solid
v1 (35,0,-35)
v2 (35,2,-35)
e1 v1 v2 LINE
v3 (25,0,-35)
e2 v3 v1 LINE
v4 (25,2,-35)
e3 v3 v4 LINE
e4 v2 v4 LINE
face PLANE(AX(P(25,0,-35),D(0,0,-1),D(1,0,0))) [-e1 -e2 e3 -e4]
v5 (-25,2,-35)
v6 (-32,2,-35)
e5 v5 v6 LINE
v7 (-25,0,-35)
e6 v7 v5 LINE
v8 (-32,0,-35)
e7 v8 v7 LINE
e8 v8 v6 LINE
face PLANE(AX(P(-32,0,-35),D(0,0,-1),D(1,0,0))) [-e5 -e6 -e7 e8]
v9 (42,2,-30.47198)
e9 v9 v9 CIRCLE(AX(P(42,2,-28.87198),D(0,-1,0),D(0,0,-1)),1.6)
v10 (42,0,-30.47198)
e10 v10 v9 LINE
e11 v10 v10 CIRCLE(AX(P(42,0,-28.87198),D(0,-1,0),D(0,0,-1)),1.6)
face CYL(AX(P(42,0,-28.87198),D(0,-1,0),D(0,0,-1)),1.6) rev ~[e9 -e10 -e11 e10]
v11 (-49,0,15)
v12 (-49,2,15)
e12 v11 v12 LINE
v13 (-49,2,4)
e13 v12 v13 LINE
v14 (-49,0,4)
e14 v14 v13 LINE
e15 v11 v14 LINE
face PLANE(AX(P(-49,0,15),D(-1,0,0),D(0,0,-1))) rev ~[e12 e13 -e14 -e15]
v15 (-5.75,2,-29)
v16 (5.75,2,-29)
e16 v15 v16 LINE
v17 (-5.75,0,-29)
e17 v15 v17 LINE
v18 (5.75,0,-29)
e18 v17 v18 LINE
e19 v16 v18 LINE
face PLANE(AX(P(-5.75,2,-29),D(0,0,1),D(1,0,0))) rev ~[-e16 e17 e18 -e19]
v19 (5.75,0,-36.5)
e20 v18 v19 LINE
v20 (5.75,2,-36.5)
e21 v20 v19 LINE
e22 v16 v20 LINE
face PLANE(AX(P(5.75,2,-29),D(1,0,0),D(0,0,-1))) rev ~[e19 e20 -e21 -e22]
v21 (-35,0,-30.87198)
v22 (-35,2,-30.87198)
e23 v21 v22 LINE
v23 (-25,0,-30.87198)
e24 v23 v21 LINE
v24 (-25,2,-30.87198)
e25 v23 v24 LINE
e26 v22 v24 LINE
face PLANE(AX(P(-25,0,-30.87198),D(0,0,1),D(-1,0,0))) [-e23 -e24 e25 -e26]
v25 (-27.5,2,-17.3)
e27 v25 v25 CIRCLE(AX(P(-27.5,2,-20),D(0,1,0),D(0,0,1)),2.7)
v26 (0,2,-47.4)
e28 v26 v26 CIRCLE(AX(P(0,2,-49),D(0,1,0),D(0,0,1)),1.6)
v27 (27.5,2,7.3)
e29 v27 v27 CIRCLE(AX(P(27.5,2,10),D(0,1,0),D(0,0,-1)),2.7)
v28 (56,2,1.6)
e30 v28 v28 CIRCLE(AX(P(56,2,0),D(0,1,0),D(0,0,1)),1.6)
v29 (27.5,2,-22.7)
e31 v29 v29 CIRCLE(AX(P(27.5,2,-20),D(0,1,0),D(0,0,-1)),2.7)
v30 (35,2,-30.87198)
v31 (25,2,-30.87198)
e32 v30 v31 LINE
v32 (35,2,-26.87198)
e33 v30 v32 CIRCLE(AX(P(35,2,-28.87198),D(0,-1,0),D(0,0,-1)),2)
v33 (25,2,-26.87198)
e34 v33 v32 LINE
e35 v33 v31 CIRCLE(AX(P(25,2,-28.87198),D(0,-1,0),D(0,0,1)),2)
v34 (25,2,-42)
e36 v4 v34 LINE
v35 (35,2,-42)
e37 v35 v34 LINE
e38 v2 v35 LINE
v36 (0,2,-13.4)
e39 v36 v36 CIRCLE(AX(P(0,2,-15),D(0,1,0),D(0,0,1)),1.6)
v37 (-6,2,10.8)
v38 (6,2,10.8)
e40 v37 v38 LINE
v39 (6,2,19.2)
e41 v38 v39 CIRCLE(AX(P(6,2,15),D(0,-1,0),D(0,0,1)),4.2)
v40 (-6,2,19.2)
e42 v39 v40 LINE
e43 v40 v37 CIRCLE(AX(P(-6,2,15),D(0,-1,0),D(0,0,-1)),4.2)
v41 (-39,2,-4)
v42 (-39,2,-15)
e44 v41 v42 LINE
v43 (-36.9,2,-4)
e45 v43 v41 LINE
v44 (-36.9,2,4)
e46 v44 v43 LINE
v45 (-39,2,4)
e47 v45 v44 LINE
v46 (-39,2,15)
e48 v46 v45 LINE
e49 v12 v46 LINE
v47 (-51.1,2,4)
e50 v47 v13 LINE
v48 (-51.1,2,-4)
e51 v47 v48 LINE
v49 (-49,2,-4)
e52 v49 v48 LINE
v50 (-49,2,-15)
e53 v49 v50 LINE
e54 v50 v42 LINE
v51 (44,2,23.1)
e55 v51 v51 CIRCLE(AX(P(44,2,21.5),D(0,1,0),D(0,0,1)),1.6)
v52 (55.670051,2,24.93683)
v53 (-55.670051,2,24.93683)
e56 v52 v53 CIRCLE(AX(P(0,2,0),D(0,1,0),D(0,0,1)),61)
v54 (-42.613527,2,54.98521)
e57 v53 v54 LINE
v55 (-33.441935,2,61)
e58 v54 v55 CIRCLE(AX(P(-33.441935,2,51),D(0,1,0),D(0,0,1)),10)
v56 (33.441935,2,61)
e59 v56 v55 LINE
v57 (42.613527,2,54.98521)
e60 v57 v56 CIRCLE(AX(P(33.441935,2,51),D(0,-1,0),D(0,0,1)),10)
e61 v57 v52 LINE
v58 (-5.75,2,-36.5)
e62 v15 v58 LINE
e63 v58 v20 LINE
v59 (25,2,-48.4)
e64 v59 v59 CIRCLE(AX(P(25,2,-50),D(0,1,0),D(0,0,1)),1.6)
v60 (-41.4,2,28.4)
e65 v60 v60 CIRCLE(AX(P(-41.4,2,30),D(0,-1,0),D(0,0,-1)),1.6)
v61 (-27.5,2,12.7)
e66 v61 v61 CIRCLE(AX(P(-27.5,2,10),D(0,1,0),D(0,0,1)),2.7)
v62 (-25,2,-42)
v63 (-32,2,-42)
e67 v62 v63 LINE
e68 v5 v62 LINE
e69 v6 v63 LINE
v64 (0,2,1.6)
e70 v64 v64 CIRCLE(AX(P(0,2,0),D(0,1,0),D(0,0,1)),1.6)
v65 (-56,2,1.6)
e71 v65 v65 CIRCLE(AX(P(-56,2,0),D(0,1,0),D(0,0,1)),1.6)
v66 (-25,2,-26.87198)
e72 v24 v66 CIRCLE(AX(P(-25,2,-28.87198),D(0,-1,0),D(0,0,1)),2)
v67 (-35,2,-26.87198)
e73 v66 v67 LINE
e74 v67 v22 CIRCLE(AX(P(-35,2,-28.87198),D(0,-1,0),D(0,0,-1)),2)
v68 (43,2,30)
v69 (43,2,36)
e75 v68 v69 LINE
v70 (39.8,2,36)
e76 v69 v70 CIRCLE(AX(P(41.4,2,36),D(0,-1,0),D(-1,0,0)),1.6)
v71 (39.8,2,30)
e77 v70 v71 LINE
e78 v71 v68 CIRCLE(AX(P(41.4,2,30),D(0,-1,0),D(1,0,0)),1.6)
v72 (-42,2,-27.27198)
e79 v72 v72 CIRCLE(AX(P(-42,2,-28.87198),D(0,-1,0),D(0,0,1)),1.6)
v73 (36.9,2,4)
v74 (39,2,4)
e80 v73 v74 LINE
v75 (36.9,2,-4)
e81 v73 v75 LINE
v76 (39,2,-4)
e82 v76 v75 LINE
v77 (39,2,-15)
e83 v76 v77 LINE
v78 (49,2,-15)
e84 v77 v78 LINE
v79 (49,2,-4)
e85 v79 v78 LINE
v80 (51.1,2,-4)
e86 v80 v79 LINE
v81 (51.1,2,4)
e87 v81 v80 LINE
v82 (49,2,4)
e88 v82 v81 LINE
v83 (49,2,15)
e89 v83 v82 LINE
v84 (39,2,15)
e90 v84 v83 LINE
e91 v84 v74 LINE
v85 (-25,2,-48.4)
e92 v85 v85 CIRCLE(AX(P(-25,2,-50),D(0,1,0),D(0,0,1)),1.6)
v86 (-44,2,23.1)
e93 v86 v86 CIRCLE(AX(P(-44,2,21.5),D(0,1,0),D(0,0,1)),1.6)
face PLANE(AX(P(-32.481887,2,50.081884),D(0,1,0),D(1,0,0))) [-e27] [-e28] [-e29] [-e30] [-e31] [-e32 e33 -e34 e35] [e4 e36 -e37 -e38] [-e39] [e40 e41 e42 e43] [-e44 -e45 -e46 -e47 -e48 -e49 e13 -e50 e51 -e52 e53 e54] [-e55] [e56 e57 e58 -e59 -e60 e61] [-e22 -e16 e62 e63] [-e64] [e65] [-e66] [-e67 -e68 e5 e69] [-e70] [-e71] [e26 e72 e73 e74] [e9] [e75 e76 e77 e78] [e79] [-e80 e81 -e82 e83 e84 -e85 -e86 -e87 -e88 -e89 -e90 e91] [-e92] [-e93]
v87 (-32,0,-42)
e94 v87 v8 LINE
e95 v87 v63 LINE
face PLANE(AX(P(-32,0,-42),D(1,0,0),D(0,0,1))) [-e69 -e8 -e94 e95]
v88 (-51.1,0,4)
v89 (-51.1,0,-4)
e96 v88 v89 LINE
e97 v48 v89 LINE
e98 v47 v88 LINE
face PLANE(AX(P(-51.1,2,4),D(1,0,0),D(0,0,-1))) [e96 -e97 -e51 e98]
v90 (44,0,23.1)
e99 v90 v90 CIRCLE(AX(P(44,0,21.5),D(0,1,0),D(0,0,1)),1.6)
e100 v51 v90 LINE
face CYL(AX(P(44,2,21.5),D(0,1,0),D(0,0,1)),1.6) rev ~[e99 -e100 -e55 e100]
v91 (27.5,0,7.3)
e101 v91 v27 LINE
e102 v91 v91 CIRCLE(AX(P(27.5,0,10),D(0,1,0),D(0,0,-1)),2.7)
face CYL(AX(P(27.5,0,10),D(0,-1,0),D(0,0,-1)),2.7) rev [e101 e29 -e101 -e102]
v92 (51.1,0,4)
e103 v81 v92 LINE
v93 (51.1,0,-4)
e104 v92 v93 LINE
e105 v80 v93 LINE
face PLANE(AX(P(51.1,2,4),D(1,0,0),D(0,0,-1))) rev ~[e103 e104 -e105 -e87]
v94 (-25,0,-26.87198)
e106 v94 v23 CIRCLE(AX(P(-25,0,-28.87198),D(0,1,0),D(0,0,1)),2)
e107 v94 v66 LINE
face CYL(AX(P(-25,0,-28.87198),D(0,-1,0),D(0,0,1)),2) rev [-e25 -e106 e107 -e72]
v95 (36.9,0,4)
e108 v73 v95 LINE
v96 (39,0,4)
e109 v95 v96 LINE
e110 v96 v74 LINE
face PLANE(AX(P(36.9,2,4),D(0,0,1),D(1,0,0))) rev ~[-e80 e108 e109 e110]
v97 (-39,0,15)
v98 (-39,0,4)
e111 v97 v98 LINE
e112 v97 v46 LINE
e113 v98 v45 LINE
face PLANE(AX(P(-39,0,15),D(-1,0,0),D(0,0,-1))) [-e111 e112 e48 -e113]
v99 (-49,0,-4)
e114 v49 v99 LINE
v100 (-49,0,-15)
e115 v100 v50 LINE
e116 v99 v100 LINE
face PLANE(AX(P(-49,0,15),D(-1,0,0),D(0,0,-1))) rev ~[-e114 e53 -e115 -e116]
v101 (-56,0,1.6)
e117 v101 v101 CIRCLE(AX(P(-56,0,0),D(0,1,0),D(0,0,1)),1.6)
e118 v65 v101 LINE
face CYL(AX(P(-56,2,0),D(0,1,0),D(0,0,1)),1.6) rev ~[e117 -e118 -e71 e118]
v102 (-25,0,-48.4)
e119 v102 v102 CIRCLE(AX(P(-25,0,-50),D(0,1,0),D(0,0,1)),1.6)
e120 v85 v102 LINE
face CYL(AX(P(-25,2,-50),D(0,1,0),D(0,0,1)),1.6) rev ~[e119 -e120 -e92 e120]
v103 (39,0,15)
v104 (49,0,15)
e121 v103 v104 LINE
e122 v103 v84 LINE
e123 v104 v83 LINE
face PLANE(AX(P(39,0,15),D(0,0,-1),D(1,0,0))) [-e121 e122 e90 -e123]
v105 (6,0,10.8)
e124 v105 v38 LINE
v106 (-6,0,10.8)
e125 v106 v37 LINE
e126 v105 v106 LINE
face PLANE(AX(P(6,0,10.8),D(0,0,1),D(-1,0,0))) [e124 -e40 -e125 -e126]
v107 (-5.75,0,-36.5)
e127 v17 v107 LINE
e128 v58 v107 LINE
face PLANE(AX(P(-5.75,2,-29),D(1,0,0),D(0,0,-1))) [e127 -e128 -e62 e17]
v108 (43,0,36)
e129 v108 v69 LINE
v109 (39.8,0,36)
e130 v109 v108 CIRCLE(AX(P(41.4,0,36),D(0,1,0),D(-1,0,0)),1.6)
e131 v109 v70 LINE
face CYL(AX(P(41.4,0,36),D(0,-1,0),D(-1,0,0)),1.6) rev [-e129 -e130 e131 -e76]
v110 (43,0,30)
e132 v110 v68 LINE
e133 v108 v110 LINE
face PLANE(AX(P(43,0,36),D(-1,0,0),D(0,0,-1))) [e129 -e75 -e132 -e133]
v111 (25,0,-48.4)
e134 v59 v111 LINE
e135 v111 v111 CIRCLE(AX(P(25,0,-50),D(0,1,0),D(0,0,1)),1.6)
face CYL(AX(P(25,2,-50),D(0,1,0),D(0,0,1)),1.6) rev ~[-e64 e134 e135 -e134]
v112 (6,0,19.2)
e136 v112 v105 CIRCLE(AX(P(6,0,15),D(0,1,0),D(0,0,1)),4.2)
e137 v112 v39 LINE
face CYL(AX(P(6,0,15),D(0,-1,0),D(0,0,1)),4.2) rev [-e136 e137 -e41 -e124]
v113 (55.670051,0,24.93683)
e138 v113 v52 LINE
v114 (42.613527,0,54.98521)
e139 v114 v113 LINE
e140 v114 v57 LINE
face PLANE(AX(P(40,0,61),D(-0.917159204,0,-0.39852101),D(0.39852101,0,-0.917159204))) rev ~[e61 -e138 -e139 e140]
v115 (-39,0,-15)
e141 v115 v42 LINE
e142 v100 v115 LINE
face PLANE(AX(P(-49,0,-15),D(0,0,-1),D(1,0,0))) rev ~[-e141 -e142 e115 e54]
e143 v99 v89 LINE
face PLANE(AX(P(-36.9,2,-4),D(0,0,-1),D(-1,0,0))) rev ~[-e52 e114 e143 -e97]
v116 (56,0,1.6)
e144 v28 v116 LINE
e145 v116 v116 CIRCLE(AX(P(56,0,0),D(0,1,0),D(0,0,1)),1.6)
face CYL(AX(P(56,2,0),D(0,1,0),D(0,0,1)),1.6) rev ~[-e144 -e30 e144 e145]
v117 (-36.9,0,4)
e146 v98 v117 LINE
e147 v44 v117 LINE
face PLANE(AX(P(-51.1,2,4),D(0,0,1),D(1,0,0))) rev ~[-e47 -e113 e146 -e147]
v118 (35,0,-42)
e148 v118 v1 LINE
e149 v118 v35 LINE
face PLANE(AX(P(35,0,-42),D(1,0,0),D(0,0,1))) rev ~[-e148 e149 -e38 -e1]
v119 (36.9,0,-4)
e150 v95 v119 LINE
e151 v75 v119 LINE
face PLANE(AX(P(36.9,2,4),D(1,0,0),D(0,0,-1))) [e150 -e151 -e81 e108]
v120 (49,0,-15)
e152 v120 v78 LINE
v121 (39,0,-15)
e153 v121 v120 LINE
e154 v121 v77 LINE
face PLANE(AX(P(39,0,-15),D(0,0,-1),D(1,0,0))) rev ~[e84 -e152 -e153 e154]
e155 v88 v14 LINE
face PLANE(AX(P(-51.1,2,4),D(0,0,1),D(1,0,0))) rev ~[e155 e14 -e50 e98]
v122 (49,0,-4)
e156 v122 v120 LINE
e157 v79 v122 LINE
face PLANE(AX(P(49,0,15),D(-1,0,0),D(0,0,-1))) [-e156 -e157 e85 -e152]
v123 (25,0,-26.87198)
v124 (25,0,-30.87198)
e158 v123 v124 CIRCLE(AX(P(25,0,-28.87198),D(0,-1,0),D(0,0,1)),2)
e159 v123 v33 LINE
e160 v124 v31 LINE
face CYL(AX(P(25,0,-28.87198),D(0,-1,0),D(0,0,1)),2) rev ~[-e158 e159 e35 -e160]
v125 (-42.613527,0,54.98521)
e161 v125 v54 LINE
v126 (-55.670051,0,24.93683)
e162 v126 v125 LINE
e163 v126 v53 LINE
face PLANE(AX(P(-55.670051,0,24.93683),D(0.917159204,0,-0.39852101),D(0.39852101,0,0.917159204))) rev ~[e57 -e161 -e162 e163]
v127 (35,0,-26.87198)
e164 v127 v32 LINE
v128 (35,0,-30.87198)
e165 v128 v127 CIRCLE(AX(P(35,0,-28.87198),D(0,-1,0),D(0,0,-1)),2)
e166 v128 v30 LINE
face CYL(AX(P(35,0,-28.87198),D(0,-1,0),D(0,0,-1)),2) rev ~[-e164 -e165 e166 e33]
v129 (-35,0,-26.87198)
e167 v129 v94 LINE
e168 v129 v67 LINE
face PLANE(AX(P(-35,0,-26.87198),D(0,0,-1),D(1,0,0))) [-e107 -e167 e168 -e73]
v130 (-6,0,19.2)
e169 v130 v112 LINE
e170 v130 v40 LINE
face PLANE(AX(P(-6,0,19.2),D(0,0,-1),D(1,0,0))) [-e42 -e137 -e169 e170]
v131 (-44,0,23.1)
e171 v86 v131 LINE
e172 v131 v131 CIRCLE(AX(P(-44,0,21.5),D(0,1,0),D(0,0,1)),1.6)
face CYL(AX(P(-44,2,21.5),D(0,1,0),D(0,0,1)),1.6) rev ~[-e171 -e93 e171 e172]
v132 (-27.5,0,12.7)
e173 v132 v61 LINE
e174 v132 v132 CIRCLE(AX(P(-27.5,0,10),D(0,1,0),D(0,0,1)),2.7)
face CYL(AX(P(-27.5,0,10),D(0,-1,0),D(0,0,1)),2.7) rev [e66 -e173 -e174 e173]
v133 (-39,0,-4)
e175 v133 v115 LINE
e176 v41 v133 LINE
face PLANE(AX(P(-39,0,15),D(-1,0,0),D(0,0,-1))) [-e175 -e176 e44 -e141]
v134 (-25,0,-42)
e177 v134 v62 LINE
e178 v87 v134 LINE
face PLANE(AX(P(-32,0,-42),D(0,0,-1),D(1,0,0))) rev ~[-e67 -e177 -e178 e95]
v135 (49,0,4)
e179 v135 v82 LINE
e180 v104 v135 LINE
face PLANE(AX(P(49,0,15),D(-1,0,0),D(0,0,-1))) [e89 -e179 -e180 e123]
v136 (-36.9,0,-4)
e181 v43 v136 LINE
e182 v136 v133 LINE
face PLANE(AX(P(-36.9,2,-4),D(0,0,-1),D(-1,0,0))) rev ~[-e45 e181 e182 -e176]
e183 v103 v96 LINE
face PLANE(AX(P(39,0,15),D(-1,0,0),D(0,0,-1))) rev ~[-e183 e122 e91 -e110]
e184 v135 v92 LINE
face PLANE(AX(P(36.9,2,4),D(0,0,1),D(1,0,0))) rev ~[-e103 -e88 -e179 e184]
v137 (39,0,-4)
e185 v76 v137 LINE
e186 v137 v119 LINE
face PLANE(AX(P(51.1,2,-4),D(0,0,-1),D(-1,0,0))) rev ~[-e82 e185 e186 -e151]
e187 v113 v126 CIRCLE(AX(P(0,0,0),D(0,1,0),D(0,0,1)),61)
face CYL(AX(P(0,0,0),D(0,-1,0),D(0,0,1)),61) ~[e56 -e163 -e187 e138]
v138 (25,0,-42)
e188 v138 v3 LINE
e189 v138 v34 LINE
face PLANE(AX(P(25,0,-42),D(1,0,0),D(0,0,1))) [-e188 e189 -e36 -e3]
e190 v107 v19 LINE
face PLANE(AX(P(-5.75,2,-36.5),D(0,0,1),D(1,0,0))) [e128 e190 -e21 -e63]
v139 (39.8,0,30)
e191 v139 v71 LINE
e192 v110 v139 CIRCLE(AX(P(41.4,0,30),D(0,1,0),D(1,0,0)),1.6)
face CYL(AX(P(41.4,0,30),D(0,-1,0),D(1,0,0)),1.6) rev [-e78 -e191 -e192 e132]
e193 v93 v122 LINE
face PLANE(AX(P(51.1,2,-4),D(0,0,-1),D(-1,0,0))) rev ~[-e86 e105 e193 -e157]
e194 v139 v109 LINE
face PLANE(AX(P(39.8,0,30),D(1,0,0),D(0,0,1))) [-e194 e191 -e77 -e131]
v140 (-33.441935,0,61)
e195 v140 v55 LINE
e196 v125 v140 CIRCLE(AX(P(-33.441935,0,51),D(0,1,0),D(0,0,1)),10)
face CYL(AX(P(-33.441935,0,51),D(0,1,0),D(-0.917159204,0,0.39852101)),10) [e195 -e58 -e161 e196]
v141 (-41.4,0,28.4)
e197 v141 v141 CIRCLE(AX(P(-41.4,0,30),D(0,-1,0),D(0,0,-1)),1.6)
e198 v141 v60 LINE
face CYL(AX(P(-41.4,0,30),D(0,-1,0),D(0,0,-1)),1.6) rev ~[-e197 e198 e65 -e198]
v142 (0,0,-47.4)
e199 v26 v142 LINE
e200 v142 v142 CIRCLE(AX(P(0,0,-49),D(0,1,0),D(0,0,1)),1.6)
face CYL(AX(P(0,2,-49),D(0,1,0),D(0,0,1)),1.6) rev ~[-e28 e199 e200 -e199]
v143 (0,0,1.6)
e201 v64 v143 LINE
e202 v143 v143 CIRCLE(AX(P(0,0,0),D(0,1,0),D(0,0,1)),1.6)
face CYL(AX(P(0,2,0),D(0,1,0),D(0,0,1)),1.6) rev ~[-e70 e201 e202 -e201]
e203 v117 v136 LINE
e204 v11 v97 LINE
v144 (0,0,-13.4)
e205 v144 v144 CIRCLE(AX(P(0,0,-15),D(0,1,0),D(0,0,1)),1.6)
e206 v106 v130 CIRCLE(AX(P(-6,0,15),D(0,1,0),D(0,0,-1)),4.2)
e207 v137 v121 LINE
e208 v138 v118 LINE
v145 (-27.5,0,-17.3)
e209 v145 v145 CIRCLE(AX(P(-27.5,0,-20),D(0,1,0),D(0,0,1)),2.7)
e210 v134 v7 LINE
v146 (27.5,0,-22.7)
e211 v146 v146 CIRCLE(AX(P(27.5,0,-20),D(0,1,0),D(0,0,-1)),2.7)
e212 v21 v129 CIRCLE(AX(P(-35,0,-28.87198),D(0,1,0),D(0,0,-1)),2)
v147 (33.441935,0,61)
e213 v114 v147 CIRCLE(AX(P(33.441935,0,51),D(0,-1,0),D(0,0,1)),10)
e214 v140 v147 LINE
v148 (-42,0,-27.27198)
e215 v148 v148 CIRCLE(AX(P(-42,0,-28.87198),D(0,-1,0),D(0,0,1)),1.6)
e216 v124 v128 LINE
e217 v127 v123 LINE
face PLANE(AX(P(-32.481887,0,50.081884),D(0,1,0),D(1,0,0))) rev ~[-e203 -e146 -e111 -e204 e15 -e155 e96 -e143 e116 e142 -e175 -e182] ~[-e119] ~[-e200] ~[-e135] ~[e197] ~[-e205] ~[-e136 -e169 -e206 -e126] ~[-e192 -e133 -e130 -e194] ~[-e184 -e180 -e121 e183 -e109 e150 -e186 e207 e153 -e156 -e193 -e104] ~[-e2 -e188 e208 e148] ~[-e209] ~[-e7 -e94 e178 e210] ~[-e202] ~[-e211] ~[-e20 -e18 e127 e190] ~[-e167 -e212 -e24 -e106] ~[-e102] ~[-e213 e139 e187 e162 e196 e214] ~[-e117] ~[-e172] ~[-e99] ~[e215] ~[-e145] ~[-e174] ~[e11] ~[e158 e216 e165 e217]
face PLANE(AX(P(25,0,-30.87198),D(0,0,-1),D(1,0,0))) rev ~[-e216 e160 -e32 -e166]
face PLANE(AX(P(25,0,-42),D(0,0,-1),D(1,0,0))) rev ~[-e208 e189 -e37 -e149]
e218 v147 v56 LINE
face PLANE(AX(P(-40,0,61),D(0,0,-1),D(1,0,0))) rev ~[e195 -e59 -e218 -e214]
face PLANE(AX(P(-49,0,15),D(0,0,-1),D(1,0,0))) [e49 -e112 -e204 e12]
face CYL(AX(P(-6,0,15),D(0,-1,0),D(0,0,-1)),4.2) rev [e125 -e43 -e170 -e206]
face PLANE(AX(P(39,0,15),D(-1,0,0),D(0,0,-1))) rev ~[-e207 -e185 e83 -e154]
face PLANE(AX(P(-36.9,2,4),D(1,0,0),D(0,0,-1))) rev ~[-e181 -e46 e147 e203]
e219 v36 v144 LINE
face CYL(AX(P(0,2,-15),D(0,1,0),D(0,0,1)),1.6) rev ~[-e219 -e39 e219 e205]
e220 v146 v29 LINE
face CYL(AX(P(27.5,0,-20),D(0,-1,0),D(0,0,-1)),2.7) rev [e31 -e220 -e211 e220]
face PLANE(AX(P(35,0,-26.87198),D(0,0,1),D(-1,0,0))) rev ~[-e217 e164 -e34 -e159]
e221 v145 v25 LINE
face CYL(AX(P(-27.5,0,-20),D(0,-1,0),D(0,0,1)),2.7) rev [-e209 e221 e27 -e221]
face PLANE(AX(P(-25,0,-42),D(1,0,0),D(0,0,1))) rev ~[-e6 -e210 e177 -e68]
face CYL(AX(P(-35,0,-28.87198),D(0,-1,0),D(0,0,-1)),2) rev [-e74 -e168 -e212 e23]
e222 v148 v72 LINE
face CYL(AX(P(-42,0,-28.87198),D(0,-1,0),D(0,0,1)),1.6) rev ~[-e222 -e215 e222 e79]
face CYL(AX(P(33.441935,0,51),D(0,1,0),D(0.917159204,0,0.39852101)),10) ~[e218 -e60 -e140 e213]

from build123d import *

# Parameters (mm, degrees)
SKETCH1_R           = 61
SKETCH1_R_2         = 2.7
SKETCH1_W           = 10
SKETCH1_H           = 30
BOSS_EXTRUDE1_DEPTH = 2
SKETCH2_W           = 11.5
SKETCH2_H           = 7.5
CUT_EXTRUDE1_DEPTH  = 87.290208019
SKETCH5_R           = 1.6
SKETCH5_W           = 7
SKETCH5_H           = 7
SKETCH5_W_2         = 10
CUT_EXTRUDE4_DEPTH  = 87.290208019
SKETCH6_W           = 14.2
SKETCH6_H           = 8
SKETCH6_R           = 1.6
CUT_EXTRUDE5_DEPTH  = 87.290208019
BOSS_EXTRUDE2_START = -2
BOSS_EXTRUDE2_DEPTH = 2
FILLET1_R           = 10


with BuildPart() as part:
    # Sketch1 → Boss-Extrude1 (new body)
    with BuildSketch(Plane(origin=(0, 0, 0), x_dir=(1, 0, 0), z_dir=(0, 1, 0))):
        Circle(SKETCH1_R)
        with Locations((-27.5, 20)):
            Circle(SKETCH1_R_2, mode=Mode.SUBTRACT)
        with Locations((-27.5, -10)):
            Circle(SKETCH1_R_2, mode=Mode.SUBTRACT)
        with Locations((27.5, -10)):
            Circle(SKETCH1_R_2, mode=Mode.SUBTRACT)
        with Locations((27.5, 20)):
            Circle(SKETCH1_R_2, mode=Mode.SUBTRACT)
        with Locations((44, 0)):
            Rectangle(SKETCH1_W, SKETCH1_H, mode=Mode.SUBTRACT)
        with Locations((-44, 0)):
            Rectangle(SKETCH1_W, SKETCH1_H, mode=Mode.SUBTRACT)
    extrude(amount=BOSS_EXTRUDE1_DEPTH)

    # Sketch2 → Cut-Extrude1 (cut, through all)
    with BuildSketch(Plane(origin=(0, 2, 0), x_dir=(1, 0, 0), z_dir=(0, 1, 0))):
        with Locations((0, 32.75)):
            Rectangle(SKETCH2_W, SKETCH2_H)
    extrude(amount=-CUT_EXTRUDE1_DEPTH, mode=Mode.SUBTRACT)

    # Sketch5 → Cut-Extrude4 (cut, through all)
    with BuildSketch(Plane.XZ):
        with Locations((42, -28.871979931)):
            Circle(SKETCH5_R)
        with Locations((-42, -28.871979931)):
            Circle(SKETCH5_R)
        with Locations((-41.4, 30)):
            Circle(SKETCH5_R)
        with BuildLine():
            Line((-35, -26.871979931), (-25, -26.871979931))
            ThreePointArc((-25, -26.871979931), (-23, -28.871979931), (-25, -30.871979931))
            Line((-25, -30.871979931), (-35, -30.871979931))
            ThreePointArc((-35, -30.871979931), (-37, -28.871979931), (-35, -26.871979931))
        make_face()
        with BuildLine():
            Line((35, -26.871979931), (25, -26.871979931))
            ThreePointArc((25, -26.871979931), (23, -28.871979931), (25, -30.871979931))
            Line((25, -30.871979931), (35, -30.871979931))
            ThreePointArc((35, -30.871979931), (37, -28.871979931), (35, -26.871979931))
        make_face()
        with BuildLine():
            Line((-6, 19.2), (6, 19.2))
            ThreePointArc((6, 19.2), (10.2, 15), (6, 10.8))
            Line((6, 10.8), (-6, 10.8))
            ThreePointArc((-6, 10.8), (-10.2, 15), (-6, 19.2))
        make_face()
        with Locations((-28.5, -38.5)):
            Rectangle(SKETCH5_W, SKETCH5_H)
        with BuildLine():
            Line((39.8, 30), (39.8, 36))
            ThreePointArc((39.8, 36), (41.4, 37.6), (43, 36))
            Line((43, 36), (43, 30))
            ThreePointArc((43, 30), (41.4, 28.4), (39.8, 30))
        make_face()
        with Locations((30, -38.5)):
            Rectangle(SKETCH5_W_2, SKETCH5_H)
    extrude(amount=-CUT_EXTRUDE4_DEPTH, mode=Mode.SUBTRACT)

    # Sketch6 → Cut-Extrude5 (cut, through all)
    with BuildSketch(Plane(origin=(0, 2, 0), x_dir=(1, 0, 0), z_dir=(0, 1, 0))):
        with Locations((44, 0)):
            Rectangle(SKETCH6_W, SKETCH6_H)
        with Locations((-44, 0)):
            Rectangle(SKETCH6_W, SKETCH6_H)
        with Locations((44, -21.5)):
            Circle(SKETCH6_R)
        with Locations((-44, -21.5)):
            Circle(SKETCH6_R)
        with Locations((0, 15)):
            Circle(SKETCH6_R)
        Circle(SKETCH6_R)
        with Locations((-56, 0)):
            Circle(SKETCH6_R)
        with Locations((56, 0)):
            Circle(SKETCH6_R)
        with Locations((-25, 50)):
            Circle(SKETCH6_R)
        with Locations((25, 50)):
            Circle(SKETCH6_R)
        with Locations((0, 49)):
            Circle(SKETCH6_R)
    extrude(amount=-CUT_EXTRUDE5_DEPTH, mode=Mode.SUBTRACT)

    # Sketch7 → Boss-Extrude2 (add)
    with BuildSketch(Plane(origin=(0, 2, 0), x_dir=(1, 0, 0), z_dir=(0, 1, 0)).offset(BOSS_EXTRUDE2_START)):
        with BuildLine():
            Line((-55.670050575, -24.93682957), (-40, -61))
            Line((-40, -61), (0, -61))
            ThreePointArc((0, -61), (-33.165142818, -51.196418838), (-55.670050575, -24.93682957))
        make_face()
        with BuildLine():
            ThreePointArc((55.670050575, -24.93682957), (33.165142818, -51.196418838), (0, -61))
            Line((0, -61), (40, -61))
            Line((40, -61), (55.670050575, -24.93682957))
        make_face()
    extrude(amount=BOSS_EXTRUDE2_DEPTH)

    # Fillet1
    fillet1_edges = [part.edges().sort_by_distance(p)[0] for p in [
        (40, 1, 61),
        (-40, 1, 61),
    ]]
    fillet(fillet1_edges, radius=FILLET1_R)


solid = part.part
